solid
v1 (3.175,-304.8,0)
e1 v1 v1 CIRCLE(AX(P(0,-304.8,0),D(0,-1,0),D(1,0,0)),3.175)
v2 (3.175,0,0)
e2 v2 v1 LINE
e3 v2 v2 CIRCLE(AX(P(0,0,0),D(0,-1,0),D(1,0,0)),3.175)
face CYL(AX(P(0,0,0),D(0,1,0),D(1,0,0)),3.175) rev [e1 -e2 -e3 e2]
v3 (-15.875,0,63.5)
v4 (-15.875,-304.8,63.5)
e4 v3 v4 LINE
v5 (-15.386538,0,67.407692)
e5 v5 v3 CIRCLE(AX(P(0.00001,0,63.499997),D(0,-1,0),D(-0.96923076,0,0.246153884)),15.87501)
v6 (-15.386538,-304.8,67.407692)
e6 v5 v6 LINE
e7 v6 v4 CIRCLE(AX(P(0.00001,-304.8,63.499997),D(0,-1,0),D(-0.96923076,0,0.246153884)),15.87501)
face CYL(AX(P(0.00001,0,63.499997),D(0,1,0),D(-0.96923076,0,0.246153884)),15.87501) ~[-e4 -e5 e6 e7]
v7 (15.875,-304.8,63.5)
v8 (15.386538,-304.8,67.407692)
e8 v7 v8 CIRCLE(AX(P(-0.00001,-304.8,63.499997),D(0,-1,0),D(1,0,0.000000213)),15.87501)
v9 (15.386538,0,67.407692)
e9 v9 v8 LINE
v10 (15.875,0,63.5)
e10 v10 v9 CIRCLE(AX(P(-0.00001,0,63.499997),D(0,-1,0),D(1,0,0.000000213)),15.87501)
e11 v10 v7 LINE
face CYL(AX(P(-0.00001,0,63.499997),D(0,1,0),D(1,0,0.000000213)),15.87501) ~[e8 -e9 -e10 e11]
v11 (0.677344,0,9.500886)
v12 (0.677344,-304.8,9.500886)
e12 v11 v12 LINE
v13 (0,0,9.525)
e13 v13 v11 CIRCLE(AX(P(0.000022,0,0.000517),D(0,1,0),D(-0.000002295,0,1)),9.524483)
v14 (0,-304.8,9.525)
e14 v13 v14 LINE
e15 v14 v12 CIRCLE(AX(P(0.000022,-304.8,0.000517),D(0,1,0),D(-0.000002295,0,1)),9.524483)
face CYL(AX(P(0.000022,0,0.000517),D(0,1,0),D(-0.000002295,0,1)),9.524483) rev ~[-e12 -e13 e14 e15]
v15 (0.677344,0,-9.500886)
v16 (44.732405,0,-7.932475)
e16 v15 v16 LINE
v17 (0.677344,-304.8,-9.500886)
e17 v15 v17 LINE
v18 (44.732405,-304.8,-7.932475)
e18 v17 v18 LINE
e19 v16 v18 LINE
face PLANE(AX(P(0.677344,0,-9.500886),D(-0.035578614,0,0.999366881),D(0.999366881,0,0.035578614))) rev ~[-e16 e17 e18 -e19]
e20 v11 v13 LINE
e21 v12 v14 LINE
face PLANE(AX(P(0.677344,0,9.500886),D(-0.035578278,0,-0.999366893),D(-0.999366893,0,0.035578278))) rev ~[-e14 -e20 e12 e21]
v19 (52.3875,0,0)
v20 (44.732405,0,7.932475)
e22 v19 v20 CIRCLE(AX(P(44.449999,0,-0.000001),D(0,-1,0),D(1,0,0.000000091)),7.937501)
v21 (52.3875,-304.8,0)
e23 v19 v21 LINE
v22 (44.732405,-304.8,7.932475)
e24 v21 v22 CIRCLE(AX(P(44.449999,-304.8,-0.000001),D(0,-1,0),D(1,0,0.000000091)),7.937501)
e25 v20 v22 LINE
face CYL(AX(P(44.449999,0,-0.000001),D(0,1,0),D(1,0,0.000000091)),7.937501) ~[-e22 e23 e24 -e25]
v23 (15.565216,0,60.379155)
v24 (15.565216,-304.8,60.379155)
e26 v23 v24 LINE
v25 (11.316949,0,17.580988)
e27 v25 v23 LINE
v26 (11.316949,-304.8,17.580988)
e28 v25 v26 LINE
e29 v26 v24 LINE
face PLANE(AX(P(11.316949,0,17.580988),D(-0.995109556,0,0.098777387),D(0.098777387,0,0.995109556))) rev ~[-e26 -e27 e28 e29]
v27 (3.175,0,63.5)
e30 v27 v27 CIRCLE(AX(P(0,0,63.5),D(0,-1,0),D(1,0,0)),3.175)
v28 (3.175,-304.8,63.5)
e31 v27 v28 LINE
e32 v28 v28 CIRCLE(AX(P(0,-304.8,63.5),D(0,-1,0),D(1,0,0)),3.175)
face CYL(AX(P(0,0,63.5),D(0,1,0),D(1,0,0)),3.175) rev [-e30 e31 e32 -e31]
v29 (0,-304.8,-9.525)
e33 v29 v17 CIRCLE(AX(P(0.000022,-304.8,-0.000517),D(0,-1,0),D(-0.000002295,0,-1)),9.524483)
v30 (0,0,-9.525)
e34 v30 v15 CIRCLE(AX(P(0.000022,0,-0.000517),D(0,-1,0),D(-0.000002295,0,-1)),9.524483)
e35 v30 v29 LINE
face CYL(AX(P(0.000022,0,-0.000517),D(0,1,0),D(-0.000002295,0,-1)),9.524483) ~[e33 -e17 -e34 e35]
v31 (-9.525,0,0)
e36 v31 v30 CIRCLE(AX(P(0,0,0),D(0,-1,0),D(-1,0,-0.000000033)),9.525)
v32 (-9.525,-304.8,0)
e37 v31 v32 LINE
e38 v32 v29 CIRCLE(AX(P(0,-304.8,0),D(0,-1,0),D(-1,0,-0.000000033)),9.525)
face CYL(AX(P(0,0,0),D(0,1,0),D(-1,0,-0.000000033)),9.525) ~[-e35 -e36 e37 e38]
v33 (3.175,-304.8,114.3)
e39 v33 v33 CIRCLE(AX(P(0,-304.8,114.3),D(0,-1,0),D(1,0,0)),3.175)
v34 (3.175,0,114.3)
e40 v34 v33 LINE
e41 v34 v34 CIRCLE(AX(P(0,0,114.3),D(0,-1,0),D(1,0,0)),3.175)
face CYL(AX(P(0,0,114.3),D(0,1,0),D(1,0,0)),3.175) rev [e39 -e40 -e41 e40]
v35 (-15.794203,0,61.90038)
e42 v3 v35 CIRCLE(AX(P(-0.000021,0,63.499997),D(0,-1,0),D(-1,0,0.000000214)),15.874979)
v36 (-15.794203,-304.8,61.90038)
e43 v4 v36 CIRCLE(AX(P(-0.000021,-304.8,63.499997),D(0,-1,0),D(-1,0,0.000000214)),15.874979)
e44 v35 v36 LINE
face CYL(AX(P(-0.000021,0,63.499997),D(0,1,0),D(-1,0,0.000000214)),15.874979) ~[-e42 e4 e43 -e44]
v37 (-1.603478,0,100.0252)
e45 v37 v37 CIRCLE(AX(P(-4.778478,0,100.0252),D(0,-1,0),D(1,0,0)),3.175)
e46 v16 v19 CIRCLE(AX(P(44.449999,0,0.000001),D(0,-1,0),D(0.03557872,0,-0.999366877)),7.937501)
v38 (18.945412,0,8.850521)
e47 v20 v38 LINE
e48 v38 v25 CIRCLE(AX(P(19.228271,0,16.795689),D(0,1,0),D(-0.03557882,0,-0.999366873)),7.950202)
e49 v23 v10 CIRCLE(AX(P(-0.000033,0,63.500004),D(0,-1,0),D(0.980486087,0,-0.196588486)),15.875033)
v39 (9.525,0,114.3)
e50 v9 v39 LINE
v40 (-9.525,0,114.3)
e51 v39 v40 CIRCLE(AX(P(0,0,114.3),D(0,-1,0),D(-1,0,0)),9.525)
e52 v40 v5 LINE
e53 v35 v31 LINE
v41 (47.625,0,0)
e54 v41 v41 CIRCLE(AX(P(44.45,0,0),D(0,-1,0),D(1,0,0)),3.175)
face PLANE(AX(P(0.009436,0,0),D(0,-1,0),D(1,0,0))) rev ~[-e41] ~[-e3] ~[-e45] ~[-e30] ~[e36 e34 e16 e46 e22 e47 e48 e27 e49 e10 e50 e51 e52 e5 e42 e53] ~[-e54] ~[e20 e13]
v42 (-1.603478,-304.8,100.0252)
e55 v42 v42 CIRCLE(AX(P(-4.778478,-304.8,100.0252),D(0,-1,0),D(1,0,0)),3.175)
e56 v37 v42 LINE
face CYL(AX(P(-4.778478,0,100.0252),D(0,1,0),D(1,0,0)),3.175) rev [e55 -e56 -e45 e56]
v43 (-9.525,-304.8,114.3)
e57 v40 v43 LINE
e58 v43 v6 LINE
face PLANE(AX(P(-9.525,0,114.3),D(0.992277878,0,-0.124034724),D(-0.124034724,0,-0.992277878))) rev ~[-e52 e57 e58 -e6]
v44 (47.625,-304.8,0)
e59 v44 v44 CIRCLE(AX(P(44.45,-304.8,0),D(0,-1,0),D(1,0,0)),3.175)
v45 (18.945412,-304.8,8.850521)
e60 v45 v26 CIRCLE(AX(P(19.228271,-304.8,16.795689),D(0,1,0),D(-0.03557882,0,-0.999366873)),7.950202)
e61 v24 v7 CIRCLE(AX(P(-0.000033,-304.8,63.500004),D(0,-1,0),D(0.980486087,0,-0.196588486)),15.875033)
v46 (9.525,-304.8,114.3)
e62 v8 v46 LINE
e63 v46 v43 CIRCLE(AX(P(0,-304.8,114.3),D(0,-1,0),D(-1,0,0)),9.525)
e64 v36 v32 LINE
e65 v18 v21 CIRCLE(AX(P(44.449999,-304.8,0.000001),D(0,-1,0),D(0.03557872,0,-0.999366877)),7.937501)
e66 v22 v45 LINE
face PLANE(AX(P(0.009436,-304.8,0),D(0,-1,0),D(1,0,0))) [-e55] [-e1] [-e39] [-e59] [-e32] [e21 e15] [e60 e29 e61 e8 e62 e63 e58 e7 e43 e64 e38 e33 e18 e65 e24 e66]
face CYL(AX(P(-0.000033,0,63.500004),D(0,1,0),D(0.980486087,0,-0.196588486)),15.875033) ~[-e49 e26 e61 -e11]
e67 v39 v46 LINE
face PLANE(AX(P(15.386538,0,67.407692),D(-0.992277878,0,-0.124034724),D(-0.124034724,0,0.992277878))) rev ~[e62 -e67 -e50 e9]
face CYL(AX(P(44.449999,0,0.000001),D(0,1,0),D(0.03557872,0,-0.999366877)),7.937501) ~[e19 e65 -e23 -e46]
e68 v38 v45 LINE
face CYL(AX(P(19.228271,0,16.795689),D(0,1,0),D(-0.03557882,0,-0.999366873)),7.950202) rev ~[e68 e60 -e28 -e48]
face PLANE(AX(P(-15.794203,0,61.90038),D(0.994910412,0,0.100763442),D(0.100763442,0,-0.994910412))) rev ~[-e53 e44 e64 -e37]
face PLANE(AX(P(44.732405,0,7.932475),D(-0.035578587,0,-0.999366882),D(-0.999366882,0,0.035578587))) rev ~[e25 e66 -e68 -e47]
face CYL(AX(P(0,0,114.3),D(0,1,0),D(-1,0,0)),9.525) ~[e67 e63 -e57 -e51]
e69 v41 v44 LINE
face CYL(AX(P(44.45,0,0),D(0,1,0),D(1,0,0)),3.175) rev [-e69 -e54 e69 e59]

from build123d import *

# Parameters (mm, degrees)
F0_R     = 3.175
F1_DEPTH = 304.8


with BuildPart() as f1:
    # F0 (on Front) → F1 (new body)
    with BuildSketch(Plane.XZ):
        with BuildLine():
            Line((0.677344, 9.500886), (0, 9.525))
            ThreePointArc((0, 9.525), (-6.735192, 6.735192), (-9.525, 0))
            ThreePointArc((-9.525, 0), (-6.735192, -6.735192), (0, -9.525))
            Line((0, -9.525), (0.677344, -9.500886))
            ThreePointArc((0.677344, -9.500886), (6.970557, -6.491299), (9.525, 0))
            ThreePointArc((9.525, 0), (6.970557, 6.491299), (0.677344, 9.500886))
        make_face()
        Circle(F0_R, mode=Mode.SUBTRACT)
        with BuildLine():
            ThreePointArc((-9.525, 0), (-6.735192, 6.735192), (0, 9.525))
            ThreePointArc((0, 9.525), (0.338886, 9.51897), (0.677344, 9.500886))
            Line((0.677344, 9.500886), (18.945412, 8.850521))
            ThreePointArc((18.945412, 8.850521), (13.241501, 11.5646), (11.316949, 17.580988))
            Line((11.316949, 17.580988), (15.565216, 60.379155))
            ThreePointArc((15.565216, 60.379155), (-0.769182, 47.643645), (-15.794203, 61.90038))
            Line((-15.794203, 61.90038), (-9.525, 0))
        make_face()
        with BuildLine():
            Line((18.945412, 8.850521), (0.677344, 9.500886))
            ThreePointArc((0.677344, 9.500886), (6.970557, 6.491299), (9.525, 0))
            ThreePointArc((9.525, 0), (6.970557, -6.491299), (0.677344, -9.500886))
            Line((0.677344, -9.500886), (44.732405, -7.932475))
            ThreePointArc((44.732405, -7.932475), (36.5125, 0), (44.732405, 7.932475))
            Line((44.732405, 7.932475), (18.945412, 8.850521))
        make_face()
        with BuildLine():
            Line((0.677344, -9.500886), (0, -9.525))
            ThreePointArc((0, -9.525), (0.338886, -9.51897), (0.677344, -9.500886))
        make_face()
        with BuildLine():
            ThreePointArc((-15.875, 63.5), (-15.854788, 62.699171), (-15.794203, 61.90038))
            ThreePointArc((-15.794203, 61.90038), (-0.769182, 47.643645), (15.565216, 60.379155))
            Line((15.565216, 60.379155), (15.875, 63.5))
            Line((15.875, 63.5), (15.386538, 67.407692))
            ThreePointArc((15.386538, 67.407692), (0, 79.375), (-15.386538, 67.407692))
            Line((-15.386538, 67.407692), (-15.875, 63.5))
        make_face()
        with Locations((0, 63.5)):
            Circle(F0_R, mode=Mode.SUBTRACT)
        with BuildLine():
            ThreePointArc((-15.386538, 67.407692), (-15.752411, 65.469051), (-15.875, 63.5))
            Line((-15.875, 63.5), (-15.386538, 67.407692))
        make_face()
        with BuildLine():
            Line((15.875, 63.5), (15.565216, 60.379155))
            ThreePointArc((15.565216, 60.379155), (15.797364, 61.931909), (15.875, 63.5))
        make_face()
        with BuildLine():
            ThreePointArc((52.3875, 0), (50.161633, 5.51191), (44.732405, 7.932475))
            ThreePointArc((44.732405, 7.932475), (36.5125, 0), (44.732405, -7.932475))
            ThreePointArc((44.732405, -7.932475), (50.161633, -5.51191), (52.3875, 0))
        make_face()
        with Locations((44.45, 0)):
            Circle(F0_R, mode=Mode.SUBTRACT)
        with BuildLine():
            Line((-9.525, 114.3), (-15.386538, 67.407692))
            ThreePointArc((-15.386538, 67.407692), (0, 79.375), (15.386538, 67.407692))
            Line((15.386538, 67.407692), (9.525, 114.3))
            ThreePointArc((9.525, 114.3), (0, 104.775), (-9.525, 114.3))
        make_face()
        with Locations((-4.778478, 100.0252)):
            Circle(F0_R, mode=Mode.SUBTRACT)
        with BuildLine():
            Line((15.386538, 67.407692), (15.875, 63.5))
            ThreePointArc((15.875, 63.5), (15.752411, 65.469051), (15.386538, 67.407692))
        make_face()
        with BuildLine():
            ThreePointArc((9.525, 114.3), (0, 123.825), (-9.525, 114.3))
            ThreePointArc((-9.525, 114.3), (0, 104.775), (9.525, 114.3))
        make_face()
        with Locations((0, 114.3)):
            Circle(F0_R, mode=Mode.SUBTRACT)
    extrude(amount=F1_DEPTH)


solid = f1.part
